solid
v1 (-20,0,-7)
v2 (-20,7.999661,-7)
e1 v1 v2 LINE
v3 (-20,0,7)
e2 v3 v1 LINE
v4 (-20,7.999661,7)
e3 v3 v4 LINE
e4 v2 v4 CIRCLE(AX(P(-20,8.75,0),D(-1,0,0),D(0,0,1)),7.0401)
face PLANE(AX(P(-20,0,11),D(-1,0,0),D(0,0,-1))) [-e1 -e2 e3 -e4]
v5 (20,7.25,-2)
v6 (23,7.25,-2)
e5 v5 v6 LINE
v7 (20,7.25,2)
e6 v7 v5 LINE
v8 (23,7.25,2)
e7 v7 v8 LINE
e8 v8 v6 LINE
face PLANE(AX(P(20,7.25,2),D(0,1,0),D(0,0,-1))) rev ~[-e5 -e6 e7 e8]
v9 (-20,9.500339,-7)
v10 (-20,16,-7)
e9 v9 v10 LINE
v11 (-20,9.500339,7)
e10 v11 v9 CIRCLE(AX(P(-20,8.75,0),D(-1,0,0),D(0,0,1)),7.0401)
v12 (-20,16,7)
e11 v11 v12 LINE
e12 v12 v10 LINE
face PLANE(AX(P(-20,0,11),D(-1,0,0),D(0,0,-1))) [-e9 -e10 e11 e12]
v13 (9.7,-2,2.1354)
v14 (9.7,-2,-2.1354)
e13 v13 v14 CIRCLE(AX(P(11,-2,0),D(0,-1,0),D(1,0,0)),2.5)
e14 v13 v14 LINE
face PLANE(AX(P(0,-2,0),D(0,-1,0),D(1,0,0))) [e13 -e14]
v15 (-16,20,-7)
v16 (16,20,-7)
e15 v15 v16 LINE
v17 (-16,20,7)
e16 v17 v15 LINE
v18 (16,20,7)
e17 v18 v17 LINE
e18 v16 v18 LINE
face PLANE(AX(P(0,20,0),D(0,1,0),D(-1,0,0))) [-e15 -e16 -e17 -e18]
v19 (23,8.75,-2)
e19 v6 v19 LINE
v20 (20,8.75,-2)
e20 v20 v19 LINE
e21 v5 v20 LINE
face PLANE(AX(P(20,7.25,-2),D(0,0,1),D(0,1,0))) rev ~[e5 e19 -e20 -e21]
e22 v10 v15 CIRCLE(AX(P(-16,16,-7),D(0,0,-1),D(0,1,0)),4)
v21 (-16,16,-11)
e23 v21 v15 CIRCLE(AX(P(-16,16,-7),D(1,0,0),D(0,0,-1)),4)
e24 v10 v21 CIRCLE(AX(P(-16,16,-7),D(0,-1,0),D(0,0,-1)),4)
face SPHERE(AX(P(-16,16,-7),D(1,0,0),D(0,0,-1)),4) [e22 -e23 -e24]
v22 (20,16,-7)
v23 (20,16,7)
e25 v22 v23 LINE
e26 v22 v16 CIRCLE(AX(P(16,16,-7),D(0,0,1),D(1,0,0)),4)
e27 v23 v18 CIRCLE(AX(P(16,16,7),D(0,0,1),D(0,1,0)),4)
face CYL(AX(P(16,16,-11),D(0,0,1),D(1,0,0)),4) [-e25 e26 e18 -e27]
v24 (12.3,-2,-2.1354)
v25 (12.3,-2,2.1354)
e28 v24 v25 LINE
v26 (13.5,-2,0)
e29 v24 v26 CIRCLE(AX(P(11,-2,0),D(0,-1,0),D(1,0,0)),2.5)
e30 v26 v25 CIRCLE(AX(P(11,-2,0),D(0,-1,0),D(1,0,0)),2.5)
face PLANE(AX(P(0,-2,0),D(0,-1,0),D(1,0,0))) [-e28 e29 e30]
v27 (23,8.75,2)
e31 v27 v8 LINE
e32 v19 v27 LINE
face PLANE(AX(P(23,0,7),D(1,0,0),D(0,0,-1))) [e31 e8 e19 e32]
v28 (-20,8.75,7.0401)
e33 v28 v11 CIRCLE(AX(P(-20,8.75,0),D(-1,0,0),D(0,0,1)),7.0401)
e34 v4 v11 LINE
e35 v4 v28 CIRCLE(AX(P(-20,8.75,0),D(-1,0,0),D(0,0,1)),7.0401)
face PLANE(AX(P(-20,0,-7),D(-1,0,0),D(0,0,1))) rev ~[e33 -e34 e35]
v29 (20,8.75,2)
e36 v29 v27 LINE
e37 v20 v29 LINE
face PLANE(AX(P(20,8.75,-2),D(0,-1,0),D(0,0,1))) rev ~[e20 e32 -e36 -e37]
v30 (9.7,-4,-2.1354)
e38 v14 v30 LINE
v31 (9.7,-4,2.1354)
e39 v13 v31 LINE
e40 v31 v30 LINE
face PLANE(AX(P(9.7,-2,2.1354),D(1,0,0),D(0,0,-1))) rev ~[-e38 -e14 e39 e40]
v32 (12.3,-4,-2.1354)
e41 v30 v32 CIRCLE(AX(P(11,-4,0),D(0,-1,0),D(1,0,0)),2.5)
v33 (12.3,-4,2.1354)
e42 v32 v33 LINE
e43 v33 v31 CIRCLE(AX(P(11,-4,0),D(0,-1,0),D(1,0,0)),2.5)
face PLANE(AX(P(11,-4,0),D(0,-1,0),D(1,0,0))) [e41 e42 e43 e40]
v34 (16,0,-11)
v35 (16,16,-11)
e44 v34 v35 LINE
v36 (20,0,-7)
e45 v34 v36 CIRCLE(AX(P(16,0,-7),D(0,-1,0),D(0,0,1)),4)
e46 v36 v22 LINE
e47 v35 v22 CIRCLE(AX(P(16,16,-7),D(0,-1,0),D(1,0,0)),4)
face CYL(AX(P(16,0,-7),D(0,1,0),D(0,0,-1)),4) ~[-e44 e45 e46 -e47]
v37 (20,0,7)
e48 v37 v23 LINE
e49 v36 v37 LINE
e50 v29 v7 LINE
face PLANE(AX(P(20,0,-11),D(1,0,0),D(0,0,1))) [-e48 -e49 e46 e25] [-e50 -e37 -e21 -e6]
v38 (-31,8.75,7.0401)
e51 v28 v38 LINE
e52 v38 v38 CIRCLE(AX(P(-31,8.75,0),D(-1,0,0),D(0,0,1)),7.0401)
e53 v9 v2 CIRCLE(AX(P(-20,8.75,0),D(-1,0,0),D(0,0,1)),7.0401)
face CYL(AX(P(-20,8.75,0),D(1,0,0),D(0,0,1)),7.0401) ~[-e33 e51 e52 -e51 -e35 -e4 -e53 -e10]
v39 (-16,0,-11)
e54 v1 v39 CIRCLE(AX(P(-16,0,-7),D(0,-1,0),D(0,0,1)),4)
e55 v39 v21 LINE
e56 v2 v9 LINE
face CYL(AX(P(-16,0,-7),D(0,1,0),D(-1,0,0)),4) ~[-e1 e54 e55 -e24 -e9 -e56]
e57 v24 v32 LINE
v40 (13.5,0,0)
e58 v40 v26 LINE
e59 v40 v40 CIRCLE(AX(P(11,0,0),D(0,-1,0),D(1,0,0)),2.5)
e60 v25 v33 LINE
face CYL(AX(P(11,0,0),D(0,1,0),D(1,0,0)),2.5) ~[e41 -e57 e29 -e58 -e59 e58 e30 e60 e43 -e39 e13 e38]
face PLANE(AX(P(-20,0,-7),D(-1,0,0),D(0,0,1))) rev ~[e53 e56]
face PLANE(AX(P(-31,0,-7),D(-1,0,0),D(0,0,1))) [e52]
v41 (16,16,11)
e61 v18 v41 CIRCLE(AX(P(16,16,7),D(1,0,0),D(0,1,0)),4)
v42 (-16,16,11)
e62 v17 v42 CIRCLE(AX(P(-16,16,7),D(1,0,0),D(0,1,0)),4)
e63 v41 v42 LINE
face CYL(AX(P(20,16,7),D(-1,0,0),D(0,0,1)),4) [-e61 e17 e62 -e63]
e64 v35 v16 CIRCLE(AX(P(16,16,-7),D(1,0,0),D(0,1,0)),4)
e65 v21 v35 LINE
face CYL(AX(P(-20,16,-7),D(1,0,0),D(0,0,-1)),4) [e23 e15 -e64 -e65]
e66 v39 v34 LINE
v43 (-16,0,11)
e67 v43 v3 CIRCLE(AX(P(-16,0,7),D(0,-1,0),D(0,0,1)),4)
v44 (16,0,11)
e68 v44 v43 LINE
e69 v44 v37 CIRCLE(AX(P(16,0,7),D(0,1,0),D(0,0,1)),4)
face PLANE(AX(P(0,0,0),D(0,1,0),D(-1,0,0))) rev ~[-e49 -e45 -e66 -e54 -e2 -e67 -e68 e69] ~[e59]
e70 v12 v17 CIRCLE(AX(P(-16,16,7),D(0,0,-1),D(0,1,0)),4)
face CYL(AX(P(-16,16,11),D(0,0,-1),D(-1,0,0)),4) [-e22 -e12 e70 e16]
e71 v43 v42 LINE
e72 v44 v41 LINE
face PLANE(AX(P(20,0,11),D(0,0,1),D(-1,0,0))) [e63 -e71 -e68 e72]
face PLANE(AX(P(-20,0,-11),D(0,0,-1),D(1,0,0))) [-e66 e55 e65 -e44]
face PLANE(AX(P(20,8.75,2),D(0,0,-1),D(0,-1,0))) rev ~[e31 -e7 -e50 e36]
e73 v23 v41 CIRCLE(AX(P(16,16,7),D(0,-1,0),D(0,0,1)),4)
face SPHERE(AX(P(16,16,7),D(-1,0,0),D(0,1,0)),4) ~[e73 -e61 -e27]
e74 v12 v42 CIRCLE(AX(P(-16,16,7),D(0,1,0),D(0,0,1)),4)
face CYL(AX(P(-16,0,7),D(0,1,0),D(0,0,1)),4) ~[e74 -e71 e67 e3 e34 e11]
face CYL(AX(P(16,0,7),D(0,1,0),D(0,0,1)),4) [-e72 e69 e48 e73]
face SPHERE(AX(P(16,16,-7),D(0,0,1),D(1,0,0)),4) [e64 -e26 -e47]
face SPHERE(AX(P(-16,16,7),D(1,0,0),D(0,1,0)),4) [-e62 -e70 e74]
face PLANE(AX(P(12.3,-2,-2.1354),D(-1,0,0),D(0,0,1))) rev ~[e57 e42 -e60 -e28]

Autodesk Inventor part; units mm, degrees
ref_plane "YZ Plane" through (0, 0, 0) normal (1, 0, 0) x (0, 1, 0)
ref_plane "XZ Plane" through (0, 0, 0) normal (0, 1, 0) x (-1, 0, 0)
ref_plane "XY Plane" through (0, 0, 0) normal (0, 0, 1) x (1, 0, 0)
sketch "Sketch1" plane through (0, 0, 0) normal (0, 1, 0) x (-1, 0, 0)
  line L0 (-20, 11) -> (20, 11)
  line L1 (20, 11) -> (20, -11)
  line L2 (20, -11) -> (-20, -11)
  line L3 (-20, -11) -> (-20, 11)
  line L4 (-20, 11) -> (20, -11) construction
  line L5 (20, 11) -> (-20, -11) construction
  point P0 (0, 0)
  dimension "d0" = 40
  dimension "d1" = 22
extrude "Extrusion1" add sketch "Sketch1" along normal blind 20
fillet "Fillet1" radius 4 8 edges at (0, 20, 11) (20, 20, 0) (20, 10, 11) (20, 10, -11) (0, 20, -11) (-20, 10, -11) (-20, 20, 0) (-20, 10, 11)
sketch "Sketch2" plane through (20, 0, 7) normal (1, 0, 0) x (0, 0, -1)
  line L0 (14, 0) -> (0, 0) construction
  line L1 (14, 16) -> (18, 16) construction
  line L2 (0, 0) -> (14, 16) construction
  line L3 (14, 16) -> (0, 16) construction
  line L4 (0, 16) -> (14, 0) construction
  line L5 (9, 8.75) -> (5, 8.75)
  line L6 (5, 8.75) -> (5, 7.25)
  line L7 (5, 7.25) -> (9, 7.25)
  line L8 (9, 7.25) -> (9, 8.75)
  line L9 (9, 8.75) -> (5, 7.25) construction
  line L10 (5, 8.75) -> (9, 7.25) construction
  point P0 (7, 0)
  point P1 (7, 8)
  dimension "d5" = 4
  dimension "d6" = 1.5
extrude "Extrusion2" add sketch "Sketch2" along normal blind 3
sketch "Sketch3" plane through (0, 0, 0) normal (0, -1, 0) x (1, 0, 0)
  arc A0 (20, 7) -> (16, 11) centre (16, 7) ccw projected
  arc A1 (-20, -7) -> (-16, -11) centre (-16, -7) ccw projected
  line L0 (16, 7) -> (-16, -7) construction
  line L1 (-16, 7) -> (-16, 11) projected
  line L2 (-16, -7) -> (-16, 7) construction
  line L3 (20, -7) -> (16, -7) projected
  line L4 (-16, 7) -> (16, -7) construction
  line L5 (16, -7) -> (16, 7) construction
  line L6 (16, 7) -> (11, 7) construction
  line L7 (16, 7) -> (-16, 7) construction
  line L8 (11, 7) -> (11, -7) construction
  circle A2 centre (11, 0) radius 2.5
  point P0 (0, 0)
  dimension "d9" = 5
  dimension "d10" = 5
extrude "Extrusion3" add sketch "Sketch3" along normal blind 2
sketch "Sketch4" plane through (11, -2, 0) normal (0, -1, 0) x (1, 0, 0)
  line L0 (-1.3, -4.4849) -> (1.3, -4.4849)
  line L1 (1.3, -2.1354) -> (1.3, 2.1354)
  line L2 (-1.3, 2.1354) -> (-1.3, -2.1354)
  line L3 (-1.3, -4.4849) -> (1.3, 4.4849) construction
  line L4 (1.3, -4.4849) -> (-1.3, 4.4849) construction
  circle A0 centre (0, 0) radius 2.5 projected
  arc A1 (1.3, 2.1354) -> (-1.3, 2.1354) centre (0, 0) ccw
  arc A2 (-1.3, -2.1354) -> (1.3, -2.1354) centre (0, 0) ccw
  point P0 (-11, 0)
  dimension "d13" = 2.6
extrude "Extrusion4" add sketch "Sketch4" along normal blind 2 contours A0 L2 L1
sketch "Sketch5" plane through (-20, 0, -7) normal (-1, 0, 0) x (0, 0, 1)
  line L0 (5, 8.75) -> (9, 8.75) projected
  circle A0 centre (7, 8.75) radius 7.0401
  point P0 (7, 0)
extrude "Extrusion5" add sketch "Sketch5" along normal blind 11
ref_plane "Work Plane1" through (-16, 0, 0) normal (0, 0, 1) x (1, 0, 0)
properties part number "Lifting Motor"
